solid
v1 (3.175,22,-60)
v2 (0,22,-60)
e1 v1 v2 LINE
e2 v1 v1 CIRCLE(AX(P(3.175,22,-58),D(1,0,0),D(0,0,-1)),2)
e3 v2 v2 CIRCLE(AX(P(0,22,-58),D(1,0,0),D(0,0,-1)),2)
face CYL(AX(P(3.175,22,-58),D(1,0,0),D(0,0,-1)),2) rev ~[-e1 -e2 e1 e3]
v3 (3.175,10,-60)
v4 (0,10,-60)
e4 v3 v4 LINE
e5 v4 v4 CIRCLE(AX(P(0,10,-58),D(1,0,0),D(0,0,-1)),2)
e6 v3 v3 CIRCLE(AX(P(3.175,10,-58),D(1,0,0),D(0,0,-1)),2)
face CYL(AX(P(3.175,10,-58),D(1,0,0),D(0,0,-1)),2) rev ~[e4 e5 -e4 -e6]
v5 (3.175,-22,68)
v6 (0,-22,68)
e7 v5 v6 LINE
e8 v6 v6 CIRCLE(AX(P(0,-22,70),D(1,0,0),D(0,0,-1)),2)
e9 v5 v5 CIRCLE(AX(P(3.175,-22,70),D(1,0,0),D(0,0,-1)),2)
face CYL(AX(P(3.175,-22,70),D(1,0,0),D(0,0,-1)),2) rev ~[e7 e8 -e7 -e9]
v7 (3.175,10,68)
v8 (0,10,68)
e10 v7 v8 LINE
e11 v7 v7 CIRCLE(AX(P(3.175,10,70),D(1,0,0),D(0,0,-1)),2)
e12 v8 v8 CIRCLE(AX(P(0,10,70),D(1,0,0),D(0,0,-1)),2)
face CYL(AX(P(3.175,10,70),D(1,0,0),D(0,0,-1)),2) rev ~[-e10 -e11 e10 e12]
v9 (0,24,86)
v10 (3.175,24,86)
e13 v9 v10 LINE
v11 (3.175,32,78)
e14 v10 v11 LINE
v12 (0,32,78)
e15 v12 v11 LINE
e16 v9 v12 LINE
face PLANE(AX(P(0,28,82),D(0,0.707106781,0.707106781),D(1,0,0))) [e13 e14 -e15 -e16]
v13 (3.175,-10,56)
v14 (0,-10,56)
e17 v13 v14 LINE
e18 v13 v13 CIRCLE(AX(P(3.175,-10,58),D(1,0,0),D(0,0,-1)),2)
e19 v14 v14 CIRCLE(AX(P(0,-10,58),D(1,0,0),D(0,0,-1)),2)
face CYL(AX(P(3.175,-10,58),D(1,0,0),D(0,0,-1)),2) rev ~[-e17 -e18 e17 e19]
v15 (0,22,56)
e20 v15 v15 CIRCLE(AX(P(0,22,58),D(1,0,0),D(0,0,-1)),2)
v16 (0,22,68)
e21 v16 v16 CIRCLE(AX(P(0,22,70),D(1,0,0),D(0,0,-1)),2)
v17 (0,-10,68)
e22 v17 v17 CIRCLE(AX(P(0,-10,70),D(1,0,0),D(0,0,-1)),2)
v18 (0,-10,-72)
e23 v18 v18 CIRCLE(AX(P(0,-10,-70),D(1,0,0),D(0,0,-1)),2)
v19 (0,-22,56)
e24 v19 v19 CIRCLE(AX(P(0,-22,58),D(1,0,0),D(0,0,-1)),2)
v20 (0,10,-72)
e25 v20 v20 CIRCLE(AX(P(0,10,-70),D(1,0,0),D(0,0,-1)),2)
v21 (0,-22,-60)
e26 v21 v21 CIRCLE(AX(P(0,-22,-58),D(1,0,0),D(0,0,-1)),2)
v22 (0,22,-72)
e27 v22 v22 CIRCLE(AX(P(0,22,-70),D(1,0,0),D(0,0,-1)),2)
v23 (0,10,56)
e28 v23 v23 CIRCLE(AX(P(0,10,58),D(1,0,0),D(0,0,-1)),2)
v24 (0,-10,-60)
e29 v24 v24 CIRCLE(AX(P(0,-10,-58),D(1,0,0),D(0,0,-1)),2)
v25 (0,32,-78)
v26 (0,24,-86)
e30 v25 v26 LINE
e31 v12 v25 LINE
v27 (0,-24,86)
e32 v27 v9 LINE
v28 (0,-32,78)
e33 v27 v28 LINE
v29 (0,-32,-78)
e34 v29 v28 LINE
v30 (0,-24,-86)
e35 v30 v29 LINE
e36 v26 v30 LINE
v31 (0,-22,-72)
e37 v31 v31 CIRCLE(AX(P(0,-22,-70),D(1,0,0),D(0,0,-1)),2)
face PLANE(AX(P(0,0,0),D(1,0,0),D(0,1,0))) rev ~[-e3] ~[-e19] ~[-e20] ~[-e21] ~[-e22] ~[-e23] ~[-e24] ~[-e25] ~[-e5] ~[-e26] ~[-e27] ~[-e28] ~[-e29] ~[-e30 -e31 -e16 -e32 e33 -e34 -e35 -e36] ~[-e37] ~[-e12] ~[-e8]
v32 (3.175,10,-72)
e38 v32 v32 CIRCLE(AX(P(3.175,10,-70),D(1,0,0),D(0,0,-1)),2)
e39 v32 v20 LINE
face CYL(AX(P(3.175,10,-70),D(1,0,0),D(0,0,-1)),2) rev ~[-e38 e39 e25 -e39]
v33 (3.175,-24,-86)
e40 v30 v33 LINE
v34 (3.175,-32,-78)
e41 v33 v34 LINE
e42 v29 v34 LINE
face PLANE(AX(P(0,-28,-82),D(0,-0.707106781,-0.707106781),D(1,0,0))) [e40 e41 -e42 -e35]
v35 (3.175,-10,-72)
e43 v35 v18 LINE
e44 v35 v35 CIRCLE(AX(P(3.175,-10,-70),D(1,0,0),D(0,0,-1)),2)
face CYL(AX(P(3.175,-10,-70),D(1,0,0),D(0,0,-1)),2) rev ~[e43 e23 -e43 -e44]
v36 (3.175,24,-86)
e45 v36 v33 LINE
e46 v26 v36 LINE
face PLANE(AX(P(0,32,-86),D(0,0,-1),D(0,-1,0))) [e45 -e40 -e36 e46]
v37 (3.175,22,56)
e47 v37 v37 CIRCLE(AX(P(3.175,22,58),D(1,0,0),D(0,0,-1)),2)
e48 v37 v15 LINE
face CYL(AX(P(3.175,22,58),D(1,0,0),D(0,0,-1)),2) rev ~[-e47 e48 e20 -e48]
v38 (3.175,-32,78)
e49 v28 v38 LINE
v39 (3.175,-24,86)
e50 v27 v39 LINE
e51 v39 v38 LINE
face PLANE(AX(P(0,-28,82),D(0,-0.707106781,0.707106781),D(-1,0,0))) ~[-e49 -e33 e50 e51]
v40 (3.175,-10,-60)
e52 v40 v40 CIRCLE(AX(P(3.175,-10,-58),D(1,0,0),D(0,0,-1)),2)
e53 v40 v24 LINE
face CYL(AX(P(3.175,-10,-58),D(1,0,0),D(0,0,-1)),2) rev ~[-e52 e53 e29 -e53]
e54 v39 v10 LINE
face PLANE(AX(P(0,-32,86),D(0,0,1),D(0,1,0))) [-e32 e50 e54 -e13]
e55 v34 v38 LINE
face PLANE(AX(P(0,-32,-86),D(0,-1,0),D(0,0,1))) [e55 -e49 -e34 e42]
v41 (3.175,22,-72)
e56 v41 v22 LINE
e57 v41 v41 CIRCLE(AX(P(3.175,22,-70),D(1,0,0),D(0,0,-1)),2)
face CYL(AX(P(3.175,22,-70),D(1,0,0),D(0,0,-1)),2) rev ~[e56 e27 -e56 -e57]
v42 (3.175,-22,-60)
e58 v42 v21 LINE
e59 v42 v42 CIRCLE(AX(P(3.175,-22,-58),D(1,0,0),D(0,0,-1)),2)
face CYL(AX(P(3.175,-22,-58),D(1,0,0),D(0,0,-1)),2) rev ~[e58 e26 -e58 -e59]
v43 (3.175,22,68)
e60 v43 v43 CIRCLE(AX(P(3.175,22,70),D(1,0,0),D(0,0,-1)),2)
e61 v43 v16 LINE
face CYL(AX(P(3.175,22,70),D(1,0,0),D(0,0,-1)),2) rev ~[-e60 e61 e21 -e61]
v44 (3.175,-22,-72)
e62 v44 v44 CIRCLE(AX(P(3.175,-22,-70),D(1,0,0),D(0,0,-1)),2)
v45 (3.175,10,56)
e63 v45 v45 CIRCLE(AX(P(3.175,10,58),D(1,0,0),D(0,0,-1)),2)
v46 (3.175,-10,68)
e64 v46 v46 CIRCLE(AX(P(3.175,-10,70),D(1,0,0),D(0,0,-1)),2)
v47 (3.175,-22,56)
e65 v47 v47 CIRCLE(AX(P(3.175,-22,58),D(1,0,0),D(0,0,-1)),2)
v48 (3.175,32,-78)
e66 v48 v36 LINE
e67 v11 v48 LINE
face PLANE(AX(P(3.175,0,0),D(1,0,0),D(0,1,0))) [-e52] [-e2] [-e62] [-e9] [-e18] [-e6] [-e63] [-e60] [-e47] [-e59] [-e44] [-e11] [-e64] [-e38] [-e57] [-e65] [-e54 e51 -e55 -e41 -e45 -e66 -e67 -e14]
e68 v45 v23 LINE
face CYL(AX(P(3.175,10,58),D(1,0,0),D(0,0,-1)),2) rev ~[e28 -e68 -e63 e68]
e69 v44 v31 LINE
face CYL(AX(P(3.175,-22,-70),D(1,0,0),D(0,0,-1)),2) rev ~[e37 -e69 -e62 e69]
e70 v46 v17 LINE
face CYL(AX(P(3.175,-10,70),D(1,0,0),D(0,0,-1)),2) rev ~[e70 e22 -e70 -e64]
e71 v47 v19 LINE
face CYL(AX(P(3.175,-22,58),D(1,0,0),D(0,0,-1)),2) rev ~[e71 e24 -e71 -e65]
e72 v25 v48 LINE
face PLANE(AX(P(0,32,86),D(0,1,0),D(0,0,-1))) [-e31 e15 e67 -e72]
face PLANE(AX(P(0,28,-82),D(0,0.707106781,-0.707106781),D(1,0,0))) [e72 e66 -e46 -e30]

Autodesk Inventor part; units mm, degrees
ref_plane "YZ Plane" through (0, 0, 0) normal (1, 0, 0) x (0, 1, 0)
ref_plane "XZ Plane" through (0, 0, 0) normal (0, 1, 0) x (-1, 0, 0)
ref_plane "XY Plane" through (0, 0, 0) normal (0, 0, 1) x (1, 0, 0)
sketch "Sketch1" plane through (0, 0, 0) normal (1, 0, 0) x (0, 1, 0)
  line L0 (-32, 86) -> (32, 86)
  line L1 (32, 86) -> (32, -86)
  line L2 (32, -86) -> (-32, -86)
  line L3 (-32, -86) -> (-32, 86)
  line L4 (-32, 86) -> (32, -86) construction
  line L5 (32, 86) -> (-32, -86) construction
  point P0 (0, 0)
  dimension "d0" = 64
  dimension "d1" = 172
extrude "Extrusion1" add sketch "Sketch1" along normal blind 3.175
sketch "Sketch2" plane through (3.175, 0, 0) normal (1, 0, 0) x (0, 0, -1)
  circle A0 centre (-64, -16) radius 2.5 construction
  circle A1 centre (-70, -22) radius 2
  circle A2 centre (-58, -22) radius 2
  circle A3 centre (-58, -10) radius 2
  circle A4 centre (-70, -10) radius 2
  line L0 (-86, 32) -> (-86, -32) construction
  line L1 (-86, 0) -> (86, 0) construction
  line L2 (86, -32) -> (86, 32) construction
  line L3 (86, 32) -> (-86, 32) construction
  line L4 (0, 32) -> (0, -32) construction
  line L5 (-86, -32) -> (86, -32) construction
  circle A5 centre (-64, 16) radius 2.5 construction
  circle A6 centre (-70, 22) radius 2
  circle A7 centre (-58, 22) radius 2
  circle A8 centre (-58, 10) radius 2
  circle A9 centre (-70, 10) radius 2
  circle A10 centre (64, -16) radius 2.5 construction
  circle A11 centre (70, -22) radius 2
  circle A12 centre (58, -22) radius 2
  circle A13 centre (58, -10) radius 2
  circle A14 centre (70, -10) radius 2
  circle A15 centre (64, 16) radius 2.5 construction
  circle A16 centre (70, 22) radius 2
  circle A17 centre (58, 22) radius 2
  circle A18 centre (58, 10) radius 2
  circle A19 centre (70, 10) radius 2
  point P0 (0, 0)
  dimension "d4" = 5
  dimension "d5" = 64
  dimension "d6" = 16
  dimension "d7" = 4
  dimension "d8" = 6
  dimension "d9" = 6
  dimension "d12" = 360
chamfer "Chamfer1" distance 8 angle 45 4 edges at (1.5875, 32, 86) (1.5875, -32, 86) (1.5875, -32, -86) (1.5875, 32, -86)
extrude "Extrusion2" cut sketch "Sketch2" against normal through all
properties part number "ArmBaseSupportPlates"
